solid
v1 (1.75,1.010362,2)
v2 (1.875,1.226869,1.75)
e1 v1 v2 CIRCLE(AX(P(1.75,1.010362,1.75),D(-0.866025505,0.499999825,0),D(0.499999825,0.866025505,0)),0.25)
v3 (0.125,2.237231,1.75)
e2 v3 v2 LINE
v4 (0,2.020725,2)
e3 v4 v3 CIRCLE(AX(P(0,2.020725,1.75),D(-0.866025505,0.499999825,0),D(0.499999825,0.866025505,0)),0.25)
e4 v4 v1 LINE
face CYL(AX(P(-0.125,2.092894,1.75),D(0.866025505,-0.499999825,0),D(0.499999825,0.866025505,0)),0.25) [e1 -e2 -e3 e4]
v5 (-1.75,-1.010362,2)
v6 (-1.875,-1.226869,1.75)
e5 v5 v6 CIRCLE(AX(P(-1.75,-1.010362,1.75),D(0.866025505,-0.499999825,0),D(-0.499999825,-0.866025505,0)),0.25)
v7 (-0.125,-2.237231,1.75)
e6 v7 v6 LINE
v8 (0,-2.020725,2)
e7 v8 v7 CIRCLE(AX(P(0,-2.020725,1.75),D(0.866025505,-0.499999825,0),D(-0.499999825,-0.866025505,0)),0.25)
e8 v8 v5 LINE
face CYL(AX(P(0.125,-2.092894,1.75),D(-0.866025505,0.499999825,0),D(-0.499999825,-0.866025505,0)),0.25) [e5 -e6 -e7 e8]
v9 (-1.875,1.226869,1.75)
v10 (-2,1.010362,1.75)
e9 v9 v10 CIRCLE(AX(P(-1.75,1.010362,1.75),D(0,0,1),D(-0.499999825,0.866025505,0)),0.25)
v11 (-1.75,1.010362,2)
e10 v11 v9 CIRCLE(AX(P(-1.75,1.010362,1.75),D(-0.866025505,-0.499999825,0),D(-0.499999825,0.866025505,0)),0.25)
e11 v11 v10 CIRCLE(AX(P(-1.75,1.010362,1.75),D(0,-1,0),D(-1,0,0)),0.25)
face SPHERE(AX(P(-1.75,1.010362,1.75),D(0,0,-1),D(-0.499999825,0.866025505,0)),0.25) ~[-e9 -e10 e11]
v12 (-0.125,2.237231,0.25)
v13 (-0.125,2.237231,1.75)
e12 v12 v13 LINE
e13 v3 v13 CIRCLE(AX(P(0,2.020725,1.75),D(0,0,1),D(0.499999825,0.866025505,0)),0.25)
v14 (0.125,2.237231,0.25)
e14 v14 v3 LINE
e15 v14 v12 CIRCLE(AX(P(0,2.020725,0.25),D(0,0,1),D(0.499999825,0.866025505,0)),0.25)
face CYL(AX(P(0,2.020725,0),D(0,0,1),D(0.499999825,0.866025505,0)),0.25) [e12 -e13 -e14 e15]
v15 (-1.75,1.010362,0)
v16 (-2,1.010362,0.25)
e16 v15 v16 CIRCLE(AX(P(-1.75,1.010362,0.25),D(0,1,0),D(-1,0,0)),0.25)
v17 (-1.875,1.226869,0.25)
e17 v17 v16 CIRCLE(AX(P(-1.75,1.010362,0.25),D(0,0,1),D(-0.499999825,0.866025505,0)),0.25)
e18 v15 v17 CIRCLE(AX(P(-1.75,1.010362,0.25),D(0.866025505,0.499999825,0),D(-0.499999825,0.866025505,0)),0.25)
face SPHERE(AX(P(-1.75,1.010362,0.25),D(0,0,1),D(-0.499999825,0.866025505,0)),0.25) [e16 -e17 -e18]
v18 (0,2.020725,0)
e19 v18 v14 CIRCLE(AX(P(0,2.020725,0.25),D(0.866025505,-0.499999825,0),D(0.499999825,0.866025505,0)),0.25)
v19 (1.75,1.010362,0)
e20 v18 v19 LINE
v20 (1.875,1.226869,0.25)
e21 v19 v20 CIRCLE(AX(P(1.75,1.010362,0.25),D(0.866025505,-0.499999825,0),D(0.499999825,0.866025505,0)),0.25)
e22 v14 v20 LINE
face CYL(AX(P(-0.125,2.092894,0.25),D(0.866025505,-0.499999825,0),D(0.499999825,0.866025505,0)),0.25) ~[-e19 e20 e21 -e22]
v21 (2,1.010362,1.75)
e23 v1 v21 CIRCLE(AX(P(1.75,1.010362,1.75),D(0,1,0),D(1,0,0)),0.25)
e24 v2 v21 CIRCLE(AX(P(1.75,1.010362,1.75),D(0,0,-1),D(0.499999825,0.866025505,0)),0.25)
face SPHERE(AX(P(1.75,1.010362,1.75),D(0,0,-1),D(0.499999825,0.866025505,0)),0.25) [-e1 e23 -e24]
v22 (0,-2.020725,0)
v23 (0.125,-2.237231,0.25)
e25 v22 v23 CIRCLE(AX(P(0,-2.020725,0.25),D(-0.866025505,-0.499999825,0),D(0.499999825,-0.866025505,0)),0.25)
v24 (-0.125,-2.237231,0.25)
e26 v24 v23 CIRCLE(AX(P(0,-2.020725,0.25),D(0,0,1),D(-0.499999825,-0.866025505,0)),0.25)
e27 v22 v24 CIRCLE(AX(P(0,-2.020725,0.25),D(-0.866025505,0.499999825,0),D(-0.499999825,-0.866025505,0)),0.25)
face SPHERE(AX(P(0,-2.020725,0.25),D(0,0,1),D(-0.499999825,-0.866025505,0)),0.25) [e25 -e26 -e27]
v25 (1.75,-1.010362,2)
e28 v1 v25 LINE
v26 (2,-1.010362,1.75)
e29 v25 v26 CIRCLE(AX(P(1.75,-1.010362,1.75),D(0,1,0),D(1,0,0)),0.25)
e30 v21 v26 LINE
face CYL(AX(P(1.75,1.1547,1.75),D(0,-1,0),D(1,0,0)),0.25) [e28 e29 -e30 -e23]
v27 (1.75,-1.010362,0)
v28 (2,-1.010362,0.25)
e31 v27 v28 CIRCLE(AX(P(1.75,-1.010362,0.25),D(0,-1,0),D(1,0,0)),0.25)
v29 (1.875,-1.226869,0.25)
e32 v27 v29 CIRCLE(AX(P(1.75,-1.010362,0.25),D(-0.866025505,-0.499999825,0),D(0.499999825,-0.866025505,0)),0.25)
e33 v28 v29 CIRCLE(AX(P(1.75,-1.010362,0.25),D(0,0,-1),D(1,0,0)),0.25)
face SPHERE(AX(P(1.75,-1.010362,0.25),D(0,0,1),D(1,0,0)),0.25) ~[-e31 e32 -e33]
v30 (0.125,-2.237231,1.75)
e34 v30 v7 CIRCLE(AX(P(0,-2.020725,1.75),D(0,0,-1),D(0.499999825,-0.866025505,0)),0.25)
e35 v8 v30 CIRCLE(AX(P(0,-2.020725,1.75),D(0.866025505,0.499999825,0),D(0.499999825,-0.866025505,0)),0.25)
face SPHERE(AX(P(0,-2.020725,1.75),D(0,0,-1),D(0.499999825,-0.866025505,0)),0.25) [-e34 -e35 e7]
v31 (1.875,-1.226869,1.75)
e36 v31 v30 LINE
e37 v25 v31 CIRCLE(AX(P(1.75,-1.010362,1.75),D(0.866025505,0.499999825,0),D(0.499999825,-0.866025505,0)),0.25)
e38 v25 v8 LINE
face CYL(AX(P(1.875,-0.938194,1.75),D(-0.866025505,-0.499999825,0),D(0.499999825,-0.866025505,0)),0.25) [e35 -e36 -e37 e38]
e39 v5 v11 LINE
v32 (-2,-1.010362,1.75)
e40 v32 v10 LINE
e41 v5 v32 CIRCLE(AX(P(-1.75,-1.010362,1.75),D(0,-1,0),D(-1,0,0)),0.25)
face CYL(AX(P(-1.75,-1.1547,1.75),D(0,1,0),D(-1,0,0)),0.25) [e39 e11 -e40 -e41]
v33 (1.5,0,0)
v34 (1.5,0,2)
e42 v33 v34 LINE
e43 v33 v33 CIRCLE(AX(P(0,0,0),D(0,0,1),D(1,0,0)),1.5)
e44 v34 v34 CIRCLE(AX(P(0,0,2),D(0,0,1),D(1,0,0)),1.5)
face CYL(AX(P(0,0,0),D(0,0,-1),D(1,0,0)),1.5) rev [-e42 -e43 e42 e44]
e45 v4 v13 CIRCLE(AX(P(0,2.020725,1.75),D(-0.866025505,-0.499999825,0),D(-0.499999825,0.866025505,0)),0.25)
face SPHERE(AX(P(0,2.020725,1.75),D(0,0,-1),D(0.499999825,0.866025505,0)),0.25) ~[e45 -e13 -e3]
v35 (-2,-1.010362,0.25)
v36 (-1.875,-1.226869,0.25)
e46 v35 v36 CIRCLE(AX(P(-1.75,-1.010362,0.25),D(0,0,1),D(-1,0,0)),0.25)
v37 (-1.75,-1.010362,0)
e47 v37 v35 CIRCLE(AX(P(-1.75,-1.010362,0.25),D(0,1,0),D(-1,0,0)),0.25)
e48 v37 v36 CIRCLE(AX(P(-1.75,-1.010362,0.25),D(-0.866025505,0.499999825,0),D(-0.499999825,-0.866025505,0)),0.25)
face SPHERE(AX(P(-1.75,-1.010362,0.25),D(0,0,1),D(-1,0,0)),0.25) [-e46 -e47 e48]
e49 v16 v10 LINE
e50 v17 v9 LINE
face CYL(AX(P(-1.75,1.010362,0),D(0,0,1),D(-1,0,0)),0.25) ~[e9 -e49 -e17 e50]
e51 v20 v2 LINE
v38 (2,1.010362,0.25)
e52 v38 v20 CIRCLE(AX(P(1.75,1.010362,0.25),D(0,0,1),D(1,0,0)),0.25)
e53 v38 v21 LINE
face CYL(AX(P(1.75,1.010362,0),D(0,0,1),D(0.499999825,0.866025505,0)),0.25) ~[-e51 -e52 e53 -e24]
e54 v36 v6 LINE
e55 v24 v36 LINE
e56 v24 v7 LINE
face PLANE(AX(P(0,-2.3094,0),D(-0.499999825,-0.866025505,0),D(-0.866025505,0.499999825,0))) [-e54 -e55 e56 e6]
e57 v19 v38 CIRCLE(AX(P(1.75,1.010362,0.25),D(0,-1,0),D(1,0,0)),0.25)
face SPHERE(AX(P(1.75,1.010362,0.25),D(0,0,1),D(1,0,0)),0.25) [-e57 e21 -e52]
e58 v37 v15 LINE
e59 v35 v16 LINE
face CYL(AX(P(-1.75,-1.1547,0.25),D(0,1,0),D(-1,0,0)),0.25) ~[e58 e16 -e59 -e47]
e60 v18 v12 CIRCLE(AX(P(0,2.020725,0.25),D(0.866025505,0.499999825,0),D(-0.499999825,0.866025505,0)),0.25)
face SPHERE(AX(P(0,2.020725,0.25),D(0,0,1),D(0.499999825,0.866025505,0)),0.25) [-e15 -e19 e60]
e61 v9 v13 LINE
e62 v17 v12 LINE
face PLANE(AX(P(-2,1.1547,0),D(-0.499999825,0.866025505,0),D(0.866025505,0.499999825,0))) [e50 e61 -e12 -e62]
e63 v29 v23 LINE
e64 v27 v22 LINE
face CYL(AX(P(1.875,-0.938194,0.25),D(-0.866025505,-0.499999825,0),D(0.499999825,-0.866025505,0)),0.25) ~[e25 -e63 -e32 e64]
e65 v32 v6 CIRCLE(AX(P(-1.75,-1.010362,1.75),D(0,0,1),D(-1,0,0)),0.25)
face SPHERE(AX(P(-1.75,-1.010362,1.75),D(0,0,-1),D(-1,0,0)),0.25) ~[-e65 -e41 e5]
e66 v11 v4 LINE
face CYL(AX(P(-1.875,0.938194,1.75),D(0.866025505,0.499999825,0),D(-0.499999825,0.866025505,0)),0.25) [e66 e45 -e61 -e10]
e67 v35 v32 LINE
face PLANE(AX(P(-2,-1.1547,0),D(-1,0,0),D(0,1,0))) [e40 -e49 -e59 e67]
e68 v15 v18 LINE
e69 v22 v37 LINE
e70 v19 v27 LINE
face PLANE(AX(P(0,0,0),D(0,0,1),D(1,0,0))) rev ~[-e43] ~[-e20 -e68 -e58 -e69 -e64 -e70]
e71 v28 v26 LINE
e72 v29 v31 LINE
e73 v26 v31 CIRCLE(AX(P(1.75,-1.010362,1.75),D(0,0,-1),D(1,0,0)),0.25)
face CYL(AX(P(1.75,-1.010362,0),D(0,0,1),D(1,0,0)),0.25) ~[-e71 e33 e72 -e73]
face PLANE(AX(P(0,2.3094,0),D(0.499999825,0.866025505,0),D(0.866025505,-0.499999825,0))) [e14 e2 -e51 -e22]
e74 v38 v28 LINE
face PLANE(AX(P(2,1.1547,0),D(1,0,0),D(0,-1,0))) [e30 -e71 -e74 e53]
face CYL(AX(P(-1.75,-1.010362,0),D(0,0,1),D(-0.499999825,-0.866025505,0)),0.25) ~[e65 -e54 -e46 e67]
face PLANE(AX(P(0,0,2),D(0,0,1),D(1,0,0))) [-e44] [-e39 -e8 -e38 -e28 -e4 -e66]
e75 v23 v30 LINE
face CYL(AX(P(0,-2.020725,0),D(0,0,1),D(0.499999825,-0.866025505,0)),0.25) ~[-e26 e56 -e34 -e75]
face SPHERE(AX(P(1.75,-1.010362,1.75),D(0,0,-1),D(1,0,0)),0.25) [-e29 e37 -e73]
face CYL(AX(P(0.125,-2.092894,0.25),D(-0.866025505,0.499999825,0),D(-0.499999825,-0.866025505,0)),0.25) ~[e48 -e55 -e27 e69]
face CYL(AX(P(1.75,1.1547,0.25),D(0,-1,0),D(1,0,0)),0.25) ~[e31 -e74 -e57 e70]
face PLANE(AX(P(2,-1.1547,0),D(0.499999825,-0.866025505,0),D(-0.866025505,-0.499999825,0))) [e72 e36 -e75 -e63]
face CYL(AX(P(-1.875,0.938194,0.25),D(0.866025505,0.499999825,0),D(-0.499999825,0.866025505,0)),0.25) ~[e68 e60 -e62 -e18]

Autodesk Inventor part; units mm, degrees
ref_plane "YZ Plane" through (0, 0, 0) normal (1, 0, 0) x (0, 1, 0)
ref_plane "XZ Plane" through (0, 0, 0) normal (0, 1, 0) x (-1, 0, 0)
ref_plane "XY Plane" through (0, 0, 0) normal (0, 0, 1) x (1, 0, 0)
sketch "Sketch1" plane through (0, 0, 0) normal (0, 0, 1) x (1, 0, 0)
  circle A0 centre (0, 0) radius 1.5
  line L0 (0, 2.3094) -> (2, 1.1547)
  line L1 (2, 1.1547) -> (2, -1.1547)
  line L2 (2, -1.1547) -> (0, -2.3094)
  line L3 (0, -2.3094) -> (-2, -1.1547)
  line L4 (-2, -1.1547) -> (-2, 1.1547)
  line L5 (-2, 1.1547) -> (0, 2.3094)
  dimension "d0" = 3
  dimension "d1" = 2
extrude "Extrusion1" add sketch "Sketch1" along normal blind 2
thread "Thread1" size "M3x0.5" class "6H" standard "ANSI Metric M Profile" full length
fillet "Fillet1" radius 0.25 18 edges at (1, 1.7321, 2) (2, 0, 2) (1, -1.7321, 2) (-1, 1.7321, 2) (-2, 0, 2) (-1, -1.7321, 2) (2, 0, 0) (1, 1.7321, 0) (-1, 1.7321, 0) (-2, 0, 0) (-1, -1.7321, 0) (1, -1.7321, 0) (0, 2.3094, 1) (2, 1.1547, 1) (2, -1.1547, 1) (0, -2.3094, 1) (-2, -1.1547, 1) (-2, 1.1547, 1)
properties part number "3MNut" material "Stainless Steel"
